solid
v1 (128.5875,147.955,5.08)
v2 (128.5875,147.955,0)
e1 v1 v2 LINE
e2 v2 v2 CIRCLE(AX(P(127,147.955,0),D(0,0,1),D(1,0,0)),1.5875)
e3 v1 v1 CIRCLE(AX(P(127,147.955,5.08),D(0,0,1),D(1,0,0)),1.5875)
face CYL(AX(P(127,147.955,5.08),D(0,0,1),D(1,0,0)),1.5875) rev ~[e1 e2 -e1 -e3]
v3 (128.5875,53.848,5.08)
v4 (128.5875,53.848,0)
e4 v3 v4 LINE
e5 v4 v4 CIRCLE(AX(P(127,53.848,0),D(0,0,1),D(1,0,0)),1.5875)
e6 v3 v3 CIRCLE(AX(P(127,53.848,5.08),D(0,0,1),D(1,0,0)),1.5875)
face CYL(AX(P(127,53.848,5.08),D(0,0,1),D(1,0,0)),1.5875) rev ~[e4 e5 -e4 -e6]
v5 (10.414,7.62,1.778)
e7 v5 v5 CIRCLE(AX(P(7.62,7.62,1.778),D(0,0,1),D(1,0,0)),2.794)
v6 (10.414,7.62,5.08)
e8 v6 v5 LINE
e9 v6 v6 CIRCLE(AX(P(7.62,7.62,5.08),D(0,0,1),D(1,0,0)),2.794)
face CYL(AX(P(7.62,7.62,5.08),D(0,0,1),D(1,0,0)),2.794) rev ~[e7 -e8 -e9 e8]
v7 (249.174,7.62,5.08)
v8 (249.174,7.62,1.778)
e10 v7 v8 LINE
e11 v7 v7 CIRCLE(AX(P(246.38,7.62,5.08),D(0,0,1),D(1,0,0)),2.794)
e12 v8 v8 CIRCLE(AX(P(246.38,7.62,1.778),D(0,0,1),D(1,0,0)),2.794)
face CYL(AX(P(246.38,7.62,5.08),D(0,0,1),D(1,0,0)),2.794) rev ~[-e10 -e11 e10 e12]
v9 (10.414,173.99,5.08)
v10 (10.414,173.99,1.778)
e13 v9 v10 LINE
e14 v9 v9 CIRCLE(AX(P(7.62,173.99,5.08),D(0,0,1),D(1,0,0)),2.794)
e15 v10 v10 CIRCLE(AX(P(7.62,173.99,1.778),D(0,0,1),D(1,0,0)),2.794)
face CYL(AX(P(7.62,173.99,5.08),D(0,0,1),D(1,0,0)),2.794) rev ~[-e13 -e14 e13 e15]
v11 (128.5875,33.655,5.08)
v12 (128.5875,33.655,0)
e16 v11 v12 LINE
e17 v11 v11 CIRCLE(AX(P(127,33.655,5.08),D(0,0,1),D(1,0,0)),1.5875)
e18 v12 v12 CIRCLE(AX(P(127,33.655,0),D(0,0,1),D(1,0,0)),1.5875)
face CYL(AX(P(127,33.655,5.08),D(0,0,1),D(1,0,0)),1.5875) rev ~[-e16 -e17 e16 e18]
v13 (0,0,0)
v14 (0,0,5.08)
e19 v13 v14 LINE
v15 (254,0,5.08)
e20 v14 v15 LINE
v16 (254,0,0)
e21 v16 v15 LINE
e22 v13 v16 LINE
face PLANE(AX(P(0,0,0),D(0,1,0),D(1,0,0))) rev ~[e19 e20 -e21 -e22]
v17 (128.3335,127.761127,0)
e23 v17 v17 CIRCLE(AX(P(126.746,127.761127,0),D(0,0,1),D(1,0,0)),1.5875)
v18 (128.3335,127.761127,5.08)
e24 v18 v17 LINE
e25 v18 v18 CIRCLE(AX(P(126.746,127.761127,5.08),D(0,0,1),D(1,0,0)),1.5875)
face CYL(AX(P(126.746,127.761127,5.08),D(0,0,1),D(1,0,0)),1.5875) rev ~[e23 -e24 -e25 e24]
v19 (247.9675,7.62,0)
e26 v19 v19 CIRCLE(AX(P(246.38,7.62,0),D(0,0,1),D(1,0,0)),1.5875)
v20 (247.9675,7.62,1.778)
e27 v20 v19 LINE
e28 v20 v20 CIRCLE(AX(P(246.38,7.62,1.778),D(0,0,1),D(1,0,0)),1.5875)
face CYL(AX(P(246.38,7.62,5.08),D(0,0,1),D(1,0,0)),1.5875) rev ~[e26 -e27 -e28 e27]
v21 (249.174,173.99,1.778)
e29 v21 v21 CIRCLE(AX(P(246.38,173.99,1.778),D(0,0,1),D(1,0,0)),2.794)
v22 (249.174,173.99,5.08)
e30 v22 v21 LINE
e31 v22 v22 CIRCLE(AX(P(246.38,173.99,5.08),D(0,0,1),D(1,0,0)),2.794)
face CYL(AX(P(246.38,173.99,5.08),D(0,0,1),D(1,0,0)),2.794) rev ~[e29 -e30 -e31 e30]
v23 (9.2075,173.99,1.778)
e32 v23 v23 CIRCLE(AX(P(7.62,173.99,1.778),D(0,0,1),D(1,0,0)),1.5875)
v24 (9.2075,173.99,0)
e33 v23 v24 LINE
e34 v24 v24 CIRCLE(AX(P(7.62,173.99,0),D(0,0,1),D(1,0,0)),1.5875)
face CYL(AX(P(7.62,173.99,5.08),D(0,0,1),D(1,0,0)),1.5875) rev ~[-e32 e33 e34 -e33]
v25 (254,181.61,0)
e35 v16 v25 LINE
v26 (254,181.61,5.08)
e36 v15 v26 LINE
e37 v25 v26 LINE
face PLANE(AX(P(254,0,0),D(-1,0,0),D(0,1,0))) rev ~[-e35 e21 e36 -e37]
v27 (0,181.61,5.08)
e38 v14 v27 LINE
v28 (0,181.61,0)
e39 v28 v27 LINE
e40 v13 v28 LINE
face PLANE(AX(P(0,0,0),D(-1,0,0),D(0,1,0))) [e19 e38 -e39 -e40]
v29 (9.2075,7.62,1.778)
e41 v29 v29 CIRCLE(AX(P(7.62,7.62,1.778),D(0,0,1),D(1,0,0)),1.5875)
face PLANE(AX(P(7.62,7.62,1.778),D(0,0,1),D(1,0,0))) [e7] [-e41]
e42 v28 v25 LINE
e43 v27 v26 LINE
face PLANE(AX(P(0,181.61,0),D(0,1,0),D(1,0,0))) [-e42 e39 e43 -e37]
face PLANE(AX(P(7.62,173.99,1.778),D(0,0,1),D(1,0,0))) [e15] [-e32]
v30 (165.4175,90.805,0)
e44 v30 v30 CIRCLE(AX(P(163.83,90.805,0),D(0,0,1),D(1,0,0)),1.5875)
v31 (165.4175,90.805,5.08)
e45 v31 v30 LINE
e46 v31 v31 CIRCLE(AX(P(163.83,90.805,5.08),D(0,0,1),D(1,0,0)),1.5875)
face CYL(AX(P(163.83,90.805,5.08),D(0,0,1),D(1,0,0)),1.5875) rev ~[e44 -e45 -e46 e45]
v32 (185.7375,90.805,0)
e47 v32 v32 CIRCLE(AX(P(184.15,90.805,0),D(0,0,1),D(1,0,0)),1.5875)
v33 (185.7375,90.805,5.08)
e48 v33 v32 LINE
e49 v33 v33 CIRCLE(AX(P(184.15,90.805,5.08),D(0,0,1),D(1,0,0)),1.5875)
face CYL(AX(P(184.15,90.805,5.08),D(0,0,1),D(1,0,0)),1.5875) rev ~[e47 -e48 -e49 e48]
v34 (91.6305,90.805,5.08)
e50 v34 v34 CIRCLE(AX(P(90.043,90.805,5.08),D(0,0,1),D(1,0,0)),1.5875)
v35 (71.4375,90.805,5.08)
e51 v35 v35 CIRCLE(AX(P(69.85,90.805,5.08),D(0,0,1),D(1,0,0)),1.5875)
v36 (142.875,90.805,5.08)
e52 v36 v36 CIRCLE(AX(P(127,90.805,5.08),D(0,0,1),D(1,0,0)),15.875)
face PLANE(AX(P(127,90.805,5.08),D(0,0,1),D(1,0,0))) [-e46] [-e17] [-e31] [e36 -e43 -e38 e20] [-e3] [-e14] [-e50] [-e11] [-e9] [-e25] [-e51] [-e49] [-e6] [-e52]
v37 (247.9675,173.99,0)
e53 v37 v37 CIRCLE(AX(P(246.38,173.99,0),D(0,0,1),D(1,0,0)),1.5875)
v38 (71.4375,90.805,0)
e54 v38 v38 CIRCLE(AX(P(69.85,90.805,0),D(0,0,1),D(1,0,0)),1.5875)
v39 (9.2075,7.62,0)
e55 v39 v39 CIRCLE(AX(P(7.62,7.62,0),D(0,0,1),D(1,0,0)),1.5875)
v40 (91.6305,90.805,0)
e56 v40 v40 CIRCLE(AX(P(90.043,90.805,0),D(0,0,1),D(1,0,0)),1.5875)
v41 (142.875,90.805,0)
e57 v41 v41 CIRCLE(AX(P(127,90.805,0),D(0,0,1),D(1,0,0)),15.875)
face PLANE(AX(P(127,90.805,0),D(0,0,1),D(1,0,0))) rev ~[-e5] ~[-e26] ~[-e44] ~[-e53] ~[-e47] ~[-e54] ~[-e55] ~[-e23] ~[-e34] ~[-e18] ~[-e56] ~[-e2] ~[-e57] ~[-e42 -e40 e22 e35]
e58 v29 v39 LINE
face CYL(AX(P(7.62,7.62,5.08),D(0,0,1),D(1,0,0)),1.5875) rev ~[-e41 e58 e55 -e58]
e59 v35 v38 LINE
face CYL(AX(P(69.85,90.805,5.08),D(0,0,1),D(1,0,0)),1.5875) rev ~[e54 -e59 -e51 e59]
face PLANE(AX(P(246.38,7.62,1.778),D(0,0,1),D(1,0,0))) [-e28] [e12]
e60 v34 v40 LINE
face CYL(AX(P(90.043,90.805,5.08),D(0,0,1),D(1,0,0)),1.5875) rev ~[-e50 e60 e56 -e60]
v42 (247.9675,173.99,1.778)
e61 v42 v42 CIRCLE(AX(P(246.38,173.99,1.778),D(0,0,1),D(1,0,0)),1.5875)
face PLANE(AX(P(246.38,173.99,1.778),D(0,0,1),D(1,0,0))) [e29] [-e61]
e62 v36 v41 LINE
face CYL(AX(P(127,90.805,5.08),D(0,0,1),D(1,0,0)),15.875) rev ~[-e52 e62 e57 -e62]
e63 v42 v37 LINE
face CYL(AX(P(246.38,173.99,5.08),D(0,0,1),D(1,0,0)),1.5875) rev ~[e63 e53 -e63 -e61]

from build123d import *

# Parameters (mm, degrees)
SKETCH1_W           = 254
SKETCH1_H           = 181.61
BOSS_EXTRUDE1_DEPTH = 5.08
SKETCH2_R           = 15.875
CUT_EXTRUDE1_DEPTH  = 5.08
SKETCH3_R           = 1.5875
CUT_EXTRUDE3_DEPTH  = 7.62
SKETCH5_R           = 2.794
CUT_EXTRUDE5_DEPTH  = 3.302
SKETCH6_R           = 1.5875
CUT_EXTRUDE6_DEPTH  = 5.08


with BuildPart() as part:
    # Sketch1 → Boss-Extrude1 (new body)
    with BuildSketch(Plane.XY):
        with Locations((127, 90.805)):
            Rectangle(SKETCH1_W, SKETCH1_H)
    extrude(amount=BOSS_EXTRUDE1_DEPTH)

    # Sketch2 → Cut-Extrude1 (cut)
    with BuildSketch(Plane.XY.offset(5.08)):
        with Locations((127, 90.805)):
            Circle(SKETCH2_R)
    extrude(amount=-CUT_EXTRUDE1_DEPTH, mode=Mode.SUBTRACT)

    # Sketch3 → Cut-Extrude3 (cut)
    with BuildSketch(Plane.XY.offset(5.08)):
        with Locations((7.62, 173.99)):
            Circle(SKETCH3_R)
        with Locations((246.38, 173.99)):
            Circle(SKETCH3_R)
        with Locations((7.62, 7.62)):
            Circle(SKETCH3_R)
        with Locations((246.38, 7.62)):
            Circle(SKETCH3_R)
    extrude(amount=-CUT_EXTRUDE3_DEPTH, mode=Mode.SUBTRACT)

    # Sketch5 → Cut-Extrude5 (cut)
    with BuildSketch(Plane.XY.offset(5.08)):
        with Locations((246.38, 173.99)):
            Circle(SKETCH5_R)
        with Locations((246.38, 7.62)):
            Circle(SKETCH5_R)
        with Locations((7.62, 173.99)):
            Circle(SKETCH5_R)
        with Locations((7.62, 7.62)):
            Circle(SKETCH5_R)
    extrude(amount=-CUT_EXTRUDE5_DEPTH, mode=Mode.SUBTRACT)

    # Sketch6 → Cut-Extrude6 (cut)
    with BuildSketch(Plane.XY.offset(5.08)):
        with Locations((127, 147.955)):
            Circle(SKETCH6_R)
        with Locations((184.15, 90.805)):
            Circle(SKETCH6_R)
        with Locations((127, 33.655)):
            Circle(SKETCH6_R)
        with Locations((69.85, 90.805)):
            Circle(SKETCH6_R)
        with Locations((163.83, 90.805)):
            Circle(SKETCH6_R)
        with Locations((127, 53.848)):
            Circle(SKETCH6_R)
        with Locations((90.043, 90.805)):
            Circle(SKETCH6_R)
        with Locations((126.746, 127.761127137)):
            Circle(SKETCH6_R)
    extrude(amount=-CUT_EXTRUDE6_DEPTH, mode=Mode.SUBTRACT)


solid = part.part
